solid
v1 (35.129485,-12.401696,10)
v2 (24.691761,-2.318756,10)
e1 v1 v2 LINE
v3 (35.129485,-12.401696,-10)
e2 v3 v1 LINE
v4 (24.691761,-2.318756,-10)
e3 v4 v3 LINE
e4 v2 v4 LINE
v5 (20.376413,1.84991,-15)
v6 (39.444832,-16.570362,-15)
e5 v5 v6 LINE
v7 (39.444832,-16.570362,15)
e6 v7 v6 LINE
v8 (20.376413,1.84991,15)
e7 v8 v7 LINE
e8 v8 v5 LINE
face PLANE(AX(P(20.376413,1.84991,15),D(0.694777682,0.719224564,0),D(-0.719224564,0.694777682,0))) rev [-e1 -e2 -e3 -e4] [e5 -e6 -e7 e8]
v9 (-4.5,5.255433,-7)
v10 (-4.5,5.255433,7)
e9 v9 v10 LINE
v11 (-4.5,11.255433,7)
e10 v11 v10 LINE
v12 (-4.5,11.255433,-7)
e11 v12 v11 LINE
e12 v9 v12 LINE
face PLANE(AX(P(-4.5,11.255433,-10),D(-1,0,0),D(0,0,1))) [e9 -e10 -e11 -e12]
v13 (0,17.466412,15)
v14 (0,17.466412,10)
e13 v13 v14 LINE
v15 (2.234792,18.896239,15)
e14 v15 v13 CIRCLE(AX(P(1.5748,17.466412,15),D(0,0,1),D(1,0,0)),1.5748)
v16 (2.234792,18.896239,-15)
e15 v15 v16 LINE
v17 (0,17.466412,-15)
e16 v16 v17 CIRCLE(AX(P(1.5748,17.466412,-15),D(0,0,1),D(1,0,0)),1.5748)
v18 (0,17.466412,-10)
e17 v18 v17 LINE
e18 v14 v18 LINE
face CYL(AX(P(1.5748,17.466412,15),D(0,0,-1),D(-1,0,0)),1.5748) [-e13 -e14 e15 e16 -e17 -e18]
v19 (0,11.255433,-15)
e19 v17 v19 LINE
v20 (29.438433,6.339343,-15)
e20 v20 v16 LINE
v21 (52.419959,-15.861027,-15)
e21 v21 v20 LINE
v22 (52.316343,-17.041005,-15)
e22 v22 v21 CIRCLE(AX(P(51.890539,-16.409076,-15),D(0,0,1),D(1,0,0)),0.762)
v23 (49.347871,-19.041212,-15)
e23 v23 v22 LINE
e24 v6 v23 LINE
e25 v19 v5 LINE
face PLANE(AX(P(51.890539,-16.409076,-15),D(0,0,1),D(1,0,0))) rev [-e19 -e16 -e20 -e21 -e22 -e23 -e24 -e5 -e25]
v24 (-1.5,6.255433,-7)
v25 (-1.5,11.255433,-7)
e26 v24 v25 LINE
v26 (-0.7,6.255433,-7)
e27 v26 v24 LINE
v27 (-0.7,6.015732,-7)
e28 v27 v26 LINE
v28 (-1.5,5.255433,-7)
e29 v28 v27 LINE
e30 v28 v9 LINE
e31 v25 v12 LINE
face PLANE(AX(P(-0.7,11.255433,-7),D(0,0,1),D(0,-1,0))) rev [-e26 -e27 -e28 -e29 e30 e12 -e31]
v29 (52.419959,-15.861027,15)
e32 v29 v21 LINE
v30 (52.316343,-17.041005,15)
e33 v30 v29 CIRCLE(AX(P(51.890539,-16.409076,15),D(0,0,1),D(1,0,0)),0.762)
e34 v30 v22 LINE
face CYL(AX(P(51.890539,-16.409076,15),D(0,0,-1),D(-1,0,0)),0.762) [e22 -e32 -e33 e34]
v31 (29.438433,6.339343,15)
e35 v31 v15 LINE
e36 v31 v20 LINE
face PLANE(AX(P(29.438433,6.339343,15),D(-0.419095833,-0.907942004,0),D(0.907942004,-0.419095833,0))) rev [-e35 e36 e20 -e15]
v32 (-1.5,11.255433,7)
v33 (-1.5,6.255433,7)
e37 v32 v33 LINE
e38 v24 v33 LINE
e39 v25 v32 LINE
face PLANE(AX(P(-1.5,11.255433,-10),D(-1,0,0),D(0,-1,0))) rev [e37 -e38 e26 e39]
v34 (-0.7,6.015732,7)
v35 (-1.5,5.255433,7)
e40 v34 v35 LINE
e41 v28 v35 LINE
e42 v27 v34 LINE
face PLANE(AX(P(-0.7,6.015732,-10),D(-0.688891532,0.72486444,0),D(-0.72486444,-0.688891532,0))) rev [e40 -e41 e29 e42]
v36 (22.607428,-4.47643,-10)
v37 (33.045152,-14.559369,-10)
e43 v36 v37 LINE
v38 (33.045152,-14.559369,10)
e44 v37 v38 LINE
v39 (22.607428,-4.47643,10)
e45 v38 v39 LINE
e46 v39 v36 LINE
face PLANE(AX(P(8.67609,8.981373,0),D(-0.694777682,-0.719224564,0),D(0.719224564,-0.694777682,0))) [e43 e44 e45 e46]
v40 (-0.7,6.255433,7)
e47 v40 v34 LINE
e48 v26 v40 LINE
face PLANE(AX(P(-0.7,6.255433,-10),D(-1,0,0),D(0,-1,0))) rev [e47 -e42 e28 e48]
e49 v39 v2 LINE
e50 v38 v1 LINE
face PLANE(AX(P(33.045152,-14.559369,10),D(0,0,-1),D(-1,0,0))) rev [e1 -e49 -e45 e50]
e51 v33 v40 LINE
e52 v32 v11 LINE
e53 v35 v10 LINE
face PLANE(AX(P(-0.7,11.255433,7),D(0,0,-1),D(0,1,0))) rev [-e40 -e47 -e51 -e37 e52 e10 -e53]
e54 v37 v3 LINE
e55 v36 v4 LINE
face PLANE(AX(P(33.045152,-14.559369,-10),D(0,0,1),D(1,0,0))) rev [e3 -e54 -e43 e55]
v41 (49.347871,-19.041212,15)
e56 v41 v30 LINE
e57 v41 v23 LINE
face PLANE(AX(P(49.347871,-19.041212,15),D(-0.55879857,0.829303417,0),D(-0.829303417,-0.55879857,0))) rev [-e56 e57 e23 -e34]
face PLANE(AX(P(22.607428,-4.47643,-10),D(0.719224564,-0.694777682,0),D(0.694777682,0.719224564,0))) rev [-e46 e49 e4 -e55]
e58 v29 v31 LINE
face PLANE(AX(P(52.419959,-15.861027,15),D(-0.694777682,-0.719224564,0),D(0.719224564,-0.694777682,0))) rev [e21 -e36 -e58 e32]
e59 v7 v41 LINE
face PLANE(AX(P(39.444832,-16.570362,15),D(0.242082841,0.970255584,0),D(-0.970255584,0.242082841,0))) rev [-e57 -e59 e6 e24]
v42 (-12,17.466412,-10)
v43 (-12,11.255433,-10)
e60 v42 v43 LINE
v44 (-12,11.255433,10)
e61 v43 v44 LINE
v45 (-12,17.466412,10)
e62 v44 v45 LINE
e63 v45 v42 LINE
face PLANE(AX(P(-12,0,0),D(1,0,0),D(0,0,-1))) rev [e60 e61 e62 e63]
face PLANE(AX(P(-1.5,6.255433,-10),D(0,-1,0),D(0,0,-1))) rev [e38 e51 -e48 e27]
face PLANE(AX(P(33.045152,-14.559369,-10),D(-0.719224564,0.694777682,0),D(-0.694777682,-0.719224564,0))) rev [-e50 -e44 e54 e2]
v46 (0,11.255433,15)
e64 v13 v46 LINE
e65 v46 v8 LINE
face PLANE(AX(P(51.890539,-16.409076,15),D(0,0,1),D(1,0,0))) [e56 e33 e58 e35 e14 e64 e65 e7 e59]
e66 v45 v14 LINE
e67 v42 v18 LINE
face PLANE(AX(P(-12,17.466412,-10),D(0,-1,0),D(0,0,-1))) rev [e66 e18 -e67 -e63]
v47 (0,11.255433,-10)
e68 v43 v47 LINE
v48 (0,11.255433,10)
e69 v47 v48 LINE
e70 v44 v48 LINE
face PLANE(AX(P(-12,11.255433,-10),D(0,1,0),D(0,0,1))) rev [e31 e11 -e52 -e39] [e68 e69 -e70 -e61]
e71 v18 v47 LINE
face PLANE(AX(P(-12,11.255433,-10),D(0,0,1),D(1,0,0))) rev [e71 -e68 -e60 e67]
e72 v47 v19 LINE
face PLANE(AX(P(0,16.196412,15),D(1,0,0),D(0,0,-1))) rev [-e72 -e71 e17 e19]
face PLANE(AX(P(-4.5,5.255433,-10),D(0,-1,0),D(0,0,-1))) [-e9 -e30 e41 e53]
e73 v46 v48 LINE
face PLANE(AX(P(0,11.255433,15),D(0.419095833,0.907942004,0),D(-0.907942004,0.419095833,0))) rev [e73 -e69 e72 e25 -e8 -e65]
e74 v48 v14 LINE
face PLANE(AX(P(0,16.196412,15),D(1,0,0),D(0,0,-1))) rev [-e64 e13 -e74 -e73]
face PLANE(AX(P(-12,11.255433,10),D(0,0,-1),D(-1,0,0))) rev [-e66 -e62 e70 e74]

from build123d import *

# Parameters (mm, degrees)
RESSALTO_EXTRUS_O1_DEPTH      = 15
RESSALTO_EXTRUS_O1_DEPTH_BACK = 15
ESBO_O2_W                     = 20
ESBO_O2_H                     = 6.210978077
RESSALTO_EXTRUS_O2_DEPTH      = 12
RESSALTO_EXTRUS_O3_START      = -20
RESSALTO_EXTRUS_O3_DEPTH      = 20
CORTE_EXTRUS_O1_START         = -3.8
ESBO_O6_W                     = 3
ESBO_O6_H                     = 6
CORTE_EXTRUS_O1_DEPTH         = 3.8
ESBO_O7_W                     = 14.512469108
ESBO_O7_H                     = 20
RESSALTO_EXTRUS_O4_DEPTH      = 3


with BuildPart() as part:
    # Esboço1 → Ressalto-extrusão1 (new, two sides: drawn at the far end of the back side and taken through both)
    with BuildSketch(Plane.XY.offset(-RESSALTO_EXTRUS_O1_DEPTH_BACK)):
        with BuildLine():
            Line((0, 16.196411572), (0, 11.255433495))
            Line((0, 11.255433495), (20.3764132, 1.849909993))
            Line((20.3764132, 1.849909993), (39.444832225, -16.570361831))
            Line((39.444832225, -16.570361831), (49.347871005, -19.041211572))
            Line((49.347871005, -19.041211572), (52.316343324, -17.041005068))
            ThreePointArc((52.316343324, -17.041005068), (52.649617834, -16.475732), (52.419959407, -15.861026747))
            Line((52.419959407, -15.861026747), (29.43843308, 6.339343474))
            Line((29.43843308, 6.339343474), (2.234792117, 18.89623864))
            ThreePointArc((2.234792117, 18.89623864), (0.726083483, 18.792939111), (0, 17.466411572))
            Line((0, 17.466411572), (0, 16.196411572))
        make_face()
    extrude(amount=RESSALTO_EXTRUS_O1_DEPTH + RESSALTO_EXTRUS_O1_DEPTH_BACK)

    # Esboço2 → Ressalto-extrusão2 (add)
    with BuildSketch(Plane.ZY):
        with Locations((0, 14.360922534)):
            Rectangle(ESBO_O2_W, ESBO_O2_H)
    extrude(amount=RESSALTO_EXTRUS_O2_DEPTH)

    # Esboço4 → Ressalto-extrusão3 (add)
    with BuildSketch(Plane.XY.offset(10).offset(RESSALTO_EXTRUS_O3_START)):
        Polygon((-4.5, 11.255433495), (-1.5, 11.255433495), (-1.5, 6.255433495), (-0.7, 6.255433495), (-0.7, 6.015731828), (-1.5, 5.255433495), (-4.5, 5.255433495), align=None)
    extrude(amount=RESSALTO_EXTRUS_O3_DEPTH)

    # Esboço6 → Corte-extrusão1 (cut)
    with BuildSketch(Plane.ZY.offset(4.5).offset(CORTE_EXTRUS_O1_START)):
        with Locations((-8.5, 8.255433495)):
            Rectangle(ESBO_O6_W, ESBO_O6_H)
        with Locations((8.5, 8.255433495)):
            Rectangle(ESBO_O6_W, ESBO_O6_H)
    extrude(amount=CORTE_EXTRUS_O1_DEPTH, mode=Mode.SUBTRACT)

    # Esboço7 → Ressalto-extrusão4 (add)
    with BuildSketch(Plane(origin=(10.760423423, 11.139046409, 0), x_dir=(0.7192245636353503, -0.6947776817540559, 0), z_dir=(-0.6947776817540559, -0.7192245636353503, 0))):
        with Locations((26.62617527, 0)):
            Rectangle(ESBO_O7_W, ESBO_O7_H)
    extrude(amount=RESSALTO_EXTRUS_O4_DEPTH)


solid = part.part
